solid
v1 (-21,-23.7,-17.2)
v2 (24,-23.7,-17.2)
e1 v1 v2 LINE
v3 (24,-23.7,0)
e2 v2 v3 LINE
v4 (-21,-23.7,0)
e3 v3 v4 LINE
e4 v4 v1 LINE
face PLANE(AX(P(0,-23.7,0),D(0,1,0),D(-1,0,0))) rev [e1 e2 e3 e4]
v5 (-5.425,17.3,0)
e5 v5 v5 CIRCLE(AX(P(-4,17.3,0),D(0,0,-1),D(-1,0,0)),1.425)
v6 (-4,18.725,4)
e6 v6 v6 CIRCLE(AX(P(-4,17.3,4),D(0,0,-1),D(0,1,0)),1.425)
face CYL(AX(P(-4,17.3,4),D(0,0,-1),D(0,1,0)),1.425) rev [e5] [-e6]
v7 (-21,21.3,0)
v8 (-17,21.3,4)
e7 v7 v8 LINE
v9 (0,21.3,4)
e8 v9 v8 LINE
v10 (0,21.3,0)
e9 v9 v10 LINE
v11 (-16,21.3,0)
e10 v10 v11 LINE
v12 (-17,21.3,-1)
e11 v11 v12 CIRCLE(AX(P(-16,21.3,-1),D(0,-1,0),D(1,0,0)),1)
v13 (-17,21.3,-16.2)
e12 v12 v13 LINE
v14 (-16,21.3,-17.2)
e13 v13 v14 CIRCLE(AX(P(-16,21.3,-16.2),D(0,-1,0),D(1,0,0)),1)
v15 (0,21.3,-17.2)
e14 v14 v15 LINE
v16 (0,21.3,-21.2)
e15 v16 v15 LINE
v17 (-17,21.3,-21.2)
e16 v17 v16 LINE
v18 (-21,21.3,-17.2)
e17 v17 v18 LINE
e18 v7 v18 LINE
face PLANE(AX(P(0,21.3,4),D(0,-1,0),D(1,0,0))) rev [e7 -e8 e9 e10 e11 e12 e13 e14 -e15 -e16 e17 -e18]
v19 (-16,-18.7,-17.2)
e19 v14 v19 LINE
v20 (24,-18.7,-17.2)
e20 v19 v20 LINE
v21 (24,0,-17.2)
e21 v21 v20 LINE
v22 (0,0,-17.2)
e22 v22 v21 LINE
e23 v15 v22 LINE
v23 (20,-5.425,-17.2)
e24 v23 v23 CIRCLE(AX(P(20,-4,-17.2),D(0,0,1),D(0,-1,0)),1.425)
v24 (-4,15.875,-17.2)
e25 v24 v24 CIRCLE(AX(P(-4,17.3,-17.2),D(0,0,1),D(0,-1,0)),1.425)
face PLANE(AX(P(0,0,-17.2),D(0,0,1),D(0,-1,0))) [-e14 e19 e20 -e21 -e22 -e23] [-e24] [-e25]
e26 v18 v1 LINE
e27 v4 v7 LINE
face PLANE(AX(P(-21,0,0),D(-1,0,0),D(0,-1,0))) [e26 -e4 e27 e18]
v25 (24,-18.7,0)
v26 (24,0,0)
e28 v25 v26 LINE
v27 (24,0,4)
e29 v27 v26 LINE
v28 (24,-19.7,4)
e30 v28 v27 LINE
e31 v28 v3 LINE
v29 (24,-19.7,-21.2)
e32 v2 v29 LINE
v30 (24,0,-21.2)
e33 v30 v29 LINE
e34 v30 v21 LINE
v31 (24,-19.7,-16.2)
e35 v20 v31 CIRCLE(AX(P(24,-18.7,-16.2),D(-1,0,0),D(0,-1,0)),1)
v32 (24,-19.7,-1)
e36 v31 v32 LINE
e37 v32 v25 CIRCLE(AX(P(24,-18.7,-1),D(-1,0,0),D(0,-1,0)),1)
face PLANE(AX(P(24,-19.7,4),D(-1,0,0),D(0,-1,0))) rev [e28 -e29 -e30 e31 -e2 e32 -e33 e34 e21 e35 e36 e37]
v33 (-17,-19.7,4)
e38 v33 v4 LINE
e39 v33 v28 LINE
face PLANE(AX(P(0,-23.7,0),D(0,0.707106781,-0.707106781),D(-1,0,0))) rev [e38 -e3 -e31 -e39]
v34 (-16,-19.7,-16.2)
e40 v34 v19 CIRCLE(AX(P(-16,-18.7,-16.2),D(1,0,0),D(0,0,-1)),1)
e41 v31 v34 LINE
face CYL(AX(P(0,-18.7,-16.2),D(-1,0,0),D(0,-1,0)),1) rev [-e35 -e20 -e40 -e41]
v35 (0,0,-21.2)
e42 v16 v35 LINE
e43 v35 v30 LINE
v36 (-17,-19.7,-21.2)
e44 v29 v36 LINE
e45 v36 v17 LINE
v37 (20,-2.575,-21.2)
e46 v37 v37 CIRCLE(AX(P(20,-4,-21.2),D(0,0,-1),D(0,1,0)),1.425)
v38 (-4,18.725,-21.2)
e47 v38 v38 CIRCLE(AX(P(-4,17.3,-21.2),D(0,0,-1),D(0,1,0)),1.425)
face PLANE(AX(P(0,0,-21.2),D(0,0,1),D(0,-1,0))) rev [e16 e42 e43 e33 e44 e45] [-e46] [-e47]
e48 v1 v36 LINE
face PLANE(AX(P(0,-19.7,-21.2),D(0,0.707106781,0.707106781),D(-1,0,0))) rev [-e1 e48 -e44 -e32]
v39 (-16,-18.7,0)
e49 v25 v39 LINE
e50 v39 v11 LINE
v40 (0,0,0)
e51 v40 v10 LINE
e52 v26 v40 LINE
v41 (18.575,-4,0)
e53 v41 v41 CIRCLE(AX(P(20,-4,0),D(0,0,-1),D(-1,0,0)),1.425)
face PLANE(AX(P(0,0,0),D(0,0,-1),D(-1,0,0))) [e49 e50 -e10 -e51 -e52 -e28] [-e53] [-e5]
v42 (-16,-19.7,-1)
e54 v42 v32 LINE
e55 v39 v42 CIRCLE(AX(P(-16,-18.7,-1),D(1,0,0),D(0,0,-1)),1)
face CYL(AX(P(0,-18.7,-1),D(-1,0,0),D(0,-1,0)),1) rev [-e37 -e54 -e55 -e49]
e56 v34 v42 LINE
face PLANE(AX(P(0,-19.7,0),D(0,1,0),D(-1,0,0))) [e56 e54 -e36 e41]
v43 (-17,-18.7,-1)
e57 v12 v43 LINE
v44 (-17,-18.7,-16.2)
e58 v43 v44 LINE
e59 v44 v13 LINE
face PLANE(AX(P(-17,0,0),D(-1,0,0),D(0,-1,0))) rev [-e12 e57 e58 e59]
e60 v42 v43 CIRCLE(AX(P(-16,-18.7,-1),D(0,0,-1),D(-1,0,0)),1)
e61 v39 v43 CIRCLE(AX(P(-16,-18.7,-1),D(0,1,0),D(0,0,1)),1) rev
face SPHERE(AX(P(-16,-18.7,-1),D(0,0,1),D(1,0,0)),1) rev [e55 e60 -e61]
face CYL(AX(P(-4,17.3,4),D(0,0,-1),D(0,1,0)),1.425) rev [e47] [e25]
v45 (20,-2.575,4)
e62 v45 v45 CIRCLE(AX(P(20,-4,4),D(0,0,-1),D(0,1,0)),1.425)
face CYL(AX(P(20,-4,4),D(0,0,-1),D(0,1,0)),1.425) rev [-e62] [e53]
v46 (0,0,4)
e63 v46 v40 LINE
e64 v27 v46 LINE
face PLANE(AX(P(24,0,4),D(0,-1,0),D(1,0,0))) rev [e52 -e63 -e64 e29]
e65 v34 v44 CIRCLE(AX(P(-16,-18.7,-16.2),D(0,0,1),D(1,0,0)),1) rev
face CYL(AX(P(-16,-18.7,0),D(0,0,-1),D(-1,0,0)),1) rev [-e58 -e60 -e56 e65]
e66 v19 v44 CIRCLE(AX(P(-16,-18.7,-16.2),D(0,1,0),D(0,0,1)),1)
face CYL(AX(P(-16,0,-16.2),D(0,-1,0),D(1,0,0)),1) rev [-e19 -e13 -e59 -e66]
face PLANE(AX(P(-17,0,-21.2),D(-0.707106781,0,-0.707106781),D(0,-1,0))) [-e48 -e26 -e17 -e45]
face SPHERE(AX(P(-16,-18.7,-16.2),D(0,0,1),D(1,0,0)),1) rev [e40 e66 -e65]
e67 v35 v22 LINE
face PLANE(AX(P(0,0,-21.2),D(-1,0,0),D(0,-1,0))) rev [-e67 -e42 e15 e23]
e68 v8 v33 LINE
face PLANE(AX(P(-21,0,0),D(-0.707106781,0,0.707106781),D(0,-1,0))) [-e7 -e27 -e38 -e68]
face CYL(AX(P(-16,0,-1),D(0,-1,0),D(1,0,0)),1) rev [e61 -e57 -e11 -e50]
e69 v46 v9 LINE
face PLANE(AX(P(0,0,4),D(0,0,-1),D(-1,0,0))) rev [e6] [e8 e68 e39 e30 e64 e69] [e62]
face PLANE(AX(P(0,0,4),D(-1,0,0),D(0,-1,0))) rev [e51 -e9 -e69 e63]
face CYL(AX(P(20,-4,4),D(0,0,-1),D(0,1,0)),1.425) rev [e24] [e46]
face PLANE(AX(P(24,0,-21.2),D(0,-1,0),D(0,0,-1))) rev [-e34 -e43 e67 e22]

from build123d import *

# Parameters (mm, degrees)
SALIENTE_EXTRUIR1_DEPTH = 4
CROQUIS2_W              = 17.2
CROQUIS2_H              = 41
CROQUIS2_W_2            = 4
SALIENTE_EXTRUIR2_DEPTH = 4
CROQUIS3_W              = 45
CROQUIS3_H              = 21.2
SALIENTE_EXTRUIR3_DEPTH = 4
SALIENTE_EXTRUIR4_DEPTH = 4
REDONDEO1_R             = 1
CHAFL_N1_SIZE           = 4
CROQUIS6_R              = 1.425
CORTAR_EXTRUIR2_DEPTH   = 43.103800304


with BuildPart() as part:
    # Croquis1 → Saliente-Extruir1 (new body)
    with BuildSketch(Plane.XY):
        Polygon((0, 0), (0, 21.3), (-17, 21.3), (-17, -19.7), (24, -19.7), (24, 0), align=None)
    extrude(amount=SALIENTE_EXTRUIR1_DEPTH)

    # Croquis2 → Saliente-Extruir2 (add)
    with BuildSketch(Plane.ZY.offset(17)):
        with Locations((-8.6, 0.8)):
            Rectangle(CROQUIS2_W, CROQUIS2_H)
        with Locations((2, 0.8)):
            Rectangle(CROQUIS2_W_2, CROQUIS2_H)
    extrude(amount=SALIENTE_EXTRUIR2_DEPTH)

    # Croquis3 → Saliente-Extruir3 (add)
    with BuildSketch(Plane.XZ.offset(19.7)):
        with Locations((1.5, -6.6)):
            Rectangle(CROQUIS3_W, CROQUIS3_H)
    extrude(amount=SALIENTE_EXTRUIR3_DEPTH)

    # Croquis4 → Saliente-Extruir4 (add)
    with BuildSketch(Plane(origin=(0, 0, -17.2), x_dir=(-1, 0, 0), z_dir=(0, 0, -1))):
        Polygon((-24, -23.7), (-24, 0), (0, 0), (0, 21.3), (21, 21.3), (21, -23.7), align=None)
    extrude(amount=SALIENTE_EXTRUIR4_DEPTH)

    # Redondeo1
    redondeo1_edges = [part.edges().sort_by_distance(p)[0] for p in [
        (-17, -19.7, -8.6),
        (-17, 0.8, -17.2),
        (3.5, -19.7, -17.2),
        (3.5, -19.7, 0),
        (-17, 0.8, 0),
    ]]
    fillet(redondeo1_edges, radius=REDONDEO1_R)

    # Chaflán1
    chafl_n1_edges = [part.edges().sort_by_distance(p)[0] for p in [
        (-21, -1.2, 4),
        (1.5, -23.7, 4),
        (1.5, -23.7, -21.2),
        (-21, -1.2, -21.2),
    ]]
    chamfer(chafl_n1_edges, length=CHAFL_N1_SIZE)

    # Croquis6 → Cortar-Extruir2 (cut, through all)
    with BuildSketch(Plane(origin=(0, 0, -21.2), x_dir=(-1, 0, 0), z_dir=(0, 0, -1))):
        with Locations(Location((-20, -4, 0), (0, 0, 90))):
            Circle(CROQUIS6_R)
        with Locations(Location((4, 17.3, 0), (0, 0, 90))):
            Circle(CROQUIS6_R)
    extrude(amount=-CORTAR_EXTRUIR2_DEPTH, mode=Mode.SUBTRACT)


solid = part.part
